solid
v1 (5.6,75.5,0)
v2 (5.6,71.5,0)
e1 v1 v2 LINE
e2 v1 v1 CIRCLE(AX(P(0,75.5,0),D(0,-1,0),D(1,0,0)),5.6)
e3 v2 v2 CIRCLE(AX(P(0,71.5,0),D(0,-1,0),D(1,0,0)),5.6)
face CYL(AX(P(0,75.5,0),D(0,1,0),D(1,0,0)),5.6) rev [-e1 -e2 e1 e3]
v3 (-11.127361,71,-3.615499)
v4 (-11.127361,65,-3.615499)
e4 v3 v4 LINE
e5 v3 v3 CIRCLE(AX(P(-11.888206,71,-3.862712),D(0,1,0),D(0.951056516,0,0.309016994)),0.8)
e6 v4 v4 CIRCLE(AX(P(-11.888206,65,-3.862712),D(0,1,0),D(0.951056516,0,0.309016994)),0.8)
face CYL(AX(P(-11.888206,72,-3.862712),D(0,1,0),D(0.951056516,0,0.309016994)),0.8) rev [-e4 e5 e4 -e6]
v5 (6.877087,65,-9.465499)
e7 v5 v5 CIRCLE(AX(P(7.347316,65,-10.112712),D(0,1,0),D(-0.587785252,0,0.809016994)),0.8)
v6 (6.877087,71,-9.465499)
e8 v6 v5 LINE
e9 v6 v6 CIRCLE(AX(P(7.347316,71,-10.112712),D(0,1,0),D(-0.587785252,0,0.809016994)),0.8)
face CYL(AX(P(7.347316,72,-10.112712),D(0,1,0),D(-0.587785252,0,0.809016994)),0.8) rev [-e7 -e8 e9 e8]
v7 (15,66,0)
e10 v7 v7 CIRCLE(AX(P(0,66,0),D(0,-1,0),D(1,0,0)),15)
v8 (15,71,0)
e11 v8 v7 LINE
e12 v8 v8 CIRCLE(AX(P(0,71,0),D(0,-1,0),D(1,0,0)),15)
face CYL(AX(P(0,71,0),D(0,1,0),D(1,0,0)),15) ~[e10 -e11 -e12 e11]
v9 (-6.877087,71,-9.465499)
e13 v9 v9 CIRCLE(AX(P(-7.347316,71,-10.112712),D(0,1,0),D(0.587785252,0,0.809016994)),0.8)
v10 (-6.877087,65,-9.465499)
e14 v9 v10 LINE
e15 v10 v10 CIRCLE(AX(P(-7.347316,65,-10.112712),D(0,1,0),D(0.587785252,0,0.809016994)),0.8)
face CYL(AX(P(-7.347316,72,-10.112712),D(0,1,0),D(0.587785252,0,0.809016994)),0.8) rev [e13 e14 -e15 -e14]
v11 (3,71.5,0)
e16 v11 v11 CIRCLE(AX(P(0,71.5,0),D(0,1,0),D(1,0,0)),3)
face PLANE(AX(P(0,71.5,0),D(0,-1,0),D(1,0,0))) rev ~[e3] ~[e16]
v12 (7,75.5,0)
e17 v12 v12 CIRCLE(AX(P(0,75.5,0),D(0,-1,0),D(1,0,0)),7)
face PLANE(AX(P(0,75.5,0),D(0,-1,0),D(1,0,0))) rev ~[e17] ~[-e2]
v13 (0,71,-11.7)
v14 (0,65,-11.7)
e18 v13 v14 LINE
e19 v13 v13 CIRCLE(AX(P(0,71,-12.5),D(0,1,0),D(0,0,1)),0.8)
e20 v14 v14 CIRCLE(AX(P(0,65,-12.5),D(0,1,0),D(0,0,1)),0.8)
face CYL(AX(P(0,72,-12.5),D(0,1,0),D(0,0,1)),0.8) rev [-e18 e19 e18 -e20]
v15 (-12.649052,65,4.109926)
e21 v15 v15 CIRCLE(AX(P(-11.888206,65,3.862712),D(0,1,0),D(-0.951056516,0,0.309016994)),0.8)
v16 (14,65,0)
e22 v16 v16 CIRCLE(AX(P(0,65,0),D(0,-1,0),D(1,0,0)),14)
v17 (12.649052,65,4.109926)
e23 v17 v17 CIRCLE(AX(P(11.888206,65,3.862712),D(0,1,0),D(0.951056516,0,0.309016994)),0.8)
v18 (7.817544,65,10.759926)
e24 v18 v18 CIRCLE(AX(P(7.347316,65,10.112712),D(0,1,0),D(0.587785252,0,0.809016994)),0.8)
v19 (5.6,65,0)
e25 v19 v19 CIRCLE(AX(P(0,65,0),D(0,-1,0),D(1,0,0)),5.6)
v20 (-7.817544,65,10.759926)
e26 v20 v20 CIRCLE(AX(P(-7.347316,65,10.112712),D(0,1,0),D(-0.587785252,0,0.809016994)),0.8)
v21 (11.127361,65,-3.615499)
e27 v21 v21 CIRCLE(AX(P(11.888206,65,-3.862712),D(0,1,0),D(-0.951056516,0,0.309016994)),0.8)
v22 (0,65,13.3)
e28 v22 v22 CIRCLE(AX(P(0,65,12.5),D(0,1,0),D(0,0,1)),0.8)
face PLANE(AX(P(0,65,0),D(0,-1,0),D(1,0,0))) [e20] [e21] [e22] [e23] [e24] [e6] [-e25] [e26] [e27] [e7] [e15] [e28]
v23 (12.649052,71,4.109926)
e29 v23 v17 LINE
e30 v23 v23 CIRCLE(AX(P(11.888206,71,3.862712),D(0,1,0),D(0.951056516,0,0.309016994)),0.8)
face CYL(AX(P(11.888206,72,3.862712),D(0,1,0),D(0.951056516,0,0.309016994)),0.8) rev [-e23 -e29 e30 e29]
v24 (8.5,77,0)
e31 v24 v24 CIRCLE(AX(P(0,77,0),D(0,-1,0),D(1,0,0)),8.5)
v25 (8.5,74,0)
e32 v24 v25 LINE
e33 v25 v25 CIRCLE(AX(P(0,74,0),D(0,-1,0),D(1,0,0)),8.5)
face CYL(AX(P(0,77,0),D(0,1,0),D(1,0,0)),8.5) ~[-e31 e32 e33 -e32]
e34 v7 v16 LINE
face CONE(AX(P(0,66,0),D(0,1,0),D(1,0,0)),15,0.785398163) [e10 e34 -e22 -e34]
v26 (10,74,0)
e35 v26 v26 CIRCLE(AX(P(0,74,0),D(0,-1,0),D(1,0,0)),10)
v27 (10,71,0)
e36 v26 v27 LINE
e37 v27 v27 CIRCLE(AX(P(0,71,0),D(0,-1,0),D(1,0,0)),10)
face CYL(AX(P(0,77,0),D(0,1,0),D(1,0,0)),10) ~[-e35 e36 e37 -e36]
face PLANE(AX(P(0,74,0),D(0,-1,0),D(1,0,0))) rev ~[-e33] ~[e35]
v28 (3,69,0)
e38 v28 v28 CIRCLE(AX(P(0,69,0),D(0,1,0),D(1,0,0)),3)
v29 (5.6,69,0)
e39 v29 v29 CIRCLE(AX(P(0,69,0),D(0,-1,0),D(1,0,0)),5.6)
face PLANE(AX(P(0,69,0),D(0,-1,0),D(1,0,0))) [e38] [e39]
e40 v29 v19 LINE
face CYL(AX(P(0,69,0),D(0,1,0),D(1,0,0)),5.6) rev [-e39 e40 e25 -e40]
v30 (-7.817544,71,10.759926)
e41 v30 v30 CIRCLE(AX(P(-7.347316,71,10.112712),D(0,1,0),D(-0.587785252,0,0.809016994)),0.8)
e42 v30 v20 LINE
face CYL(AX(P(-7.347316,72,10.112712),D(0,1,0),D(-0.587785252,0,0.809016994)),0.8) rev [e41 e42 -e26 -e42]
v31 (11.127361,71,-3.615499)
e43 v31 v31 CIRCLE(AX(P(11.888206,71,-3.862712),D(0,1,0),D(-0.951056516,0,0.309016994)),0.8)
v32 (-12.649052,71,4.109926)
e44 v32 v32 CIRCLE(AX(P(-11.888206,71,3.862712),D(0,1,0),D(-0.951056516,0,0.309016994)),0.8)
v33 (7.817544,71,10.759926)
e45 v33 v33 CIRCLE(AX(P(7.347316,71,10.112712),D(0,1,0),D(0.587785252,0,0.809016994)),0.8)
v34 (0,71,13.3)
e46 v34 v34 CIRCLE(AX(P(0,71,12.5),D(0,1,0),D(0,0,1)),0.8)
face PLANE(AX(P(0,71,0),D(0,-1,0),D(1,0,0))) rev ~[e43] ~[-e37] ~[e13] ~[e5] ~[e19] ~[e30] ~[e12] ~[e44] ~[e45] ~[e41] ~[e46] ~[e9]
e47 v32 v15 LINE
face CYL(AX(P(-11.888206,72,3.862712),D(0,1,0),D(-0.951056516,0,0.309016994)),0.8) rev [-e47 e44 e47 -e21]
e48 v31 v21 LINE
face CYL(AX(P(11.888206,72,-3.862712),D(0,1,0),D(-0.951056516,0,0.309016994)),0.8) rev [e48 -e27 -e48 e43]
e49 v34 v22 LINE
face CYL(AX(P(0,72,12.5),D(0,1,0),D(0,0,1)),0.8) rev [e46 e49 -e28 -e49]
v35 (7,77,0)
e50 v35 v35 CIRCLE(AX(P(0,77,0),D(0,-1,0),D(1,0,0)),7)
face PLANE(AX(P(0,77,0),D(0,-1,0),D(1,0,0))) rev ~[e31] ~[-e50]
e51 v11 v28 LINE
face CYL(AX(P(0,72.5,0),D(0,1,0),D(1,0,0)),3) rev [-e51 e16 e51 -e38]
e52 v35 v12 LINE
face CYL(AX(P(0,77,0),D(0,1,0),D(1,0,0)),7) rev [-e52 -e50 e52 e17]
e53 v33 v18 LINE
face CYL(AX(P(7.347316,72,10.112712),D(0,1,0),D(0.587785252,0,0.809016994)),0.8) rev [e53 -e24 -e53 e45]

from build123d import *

# Parameters (mm, degrees)
CYLINDER139_R              = 8.5
CYLINDER139_DEPTH          = 3
CYLINDER138_R              = 10
CYLINDER138_DEPTH          = 3
CYLINDER133_R              = 0.8
CYLINDER133_DEPTH          = 20
CYLINDER130_R              = 0.8
CYLINDER130_DEPTH          = 20
FUSION113_PLACEMENT_ANGLE  = 54
CYLINDER135_R              = 0.8
CYLINDER135_DEPTH          = 20
CYLINDER134_R              = 0.8
CYLINDER134_DEPTH          = 20
FUSION115_PLACEMENT_ANGLE  = 162
CYLINDER137_R              = 0.8
CYLINDER137_DEPTH          = 20
CYLINDER136_R              = 0.8
CYLINDER136_DEPTH          = 20
FUSION117_PLACEMENT_ANGLE  = 126
CYLINDER129_R              = 0.8
CYLINDER129_DEPTH          = 20
CYLINDER128_R              = 0.8
CYLINDER128_DEPTH          = 20
FUSION118_PLACEMENT_ANGLE  = 90
CYLINDER131_R              = 0.8
CYLINDER131_DEPTH          = 20
CYLINDER127_R              = 0.8
CYLINDER127_DEPTH          = 20
FUSION114_PLACEMENT_ANGLE  = 18
CYLINDER126_R              = 3
CYLINDER126_DEPTH          = 4
CYLINDER125_R              = 5.6
CYLINDER125_DEPTH          = 4
CYLINDER124_R              = 5.6
CYLINDER124_DEPTH          = 4
CYLINDER123_R              = 7
CYLINDER123_DEPTH          = 1.5
CYLINDER132_R              = 10
CYLINDER132_DEPTH          = 6
CYLINDER122_R              = 15
CYLINDER122_DEPTH          = 6
CHAMFER007_SIZE            = 1
CHAMFER007_PLACEMENT_ANGLE = 90


with BuildPart() as cylinder139:
    # Cylinder139 → Cylinder139 (new body)
    with BuildSketch(Plane.XY.offset(11)):
        Circle(CYLINDER139_R)
    extrude(amount=CYLINDER139_DEPTH)


with BuildPart() as cut043:
    # Cylinder138 → Cylinder138 (new body)
    with BuildSketch(Plane.XY.offset(11)):
        Circle(CYLINDER138_R)
    extrude(amount=CYLINDER138_DEPTH)

    # Cut043: cut Cylinder139
    add(cylinder139.part, mode=Mode.SUBTRACT)


with BuildPart() as cylinder133:
    # Cylinder133 → Cylinder133 (new body)
    with BuildSketch(Plane(origin=(-12.5, 0, 13), x_dir=(1, 0, 0), z_dir=(0, 0, 1))):
        Circle(CYLINDER133_R)
    extrude(amount=CYLINDER133_DEPTH)


with BuildPart() as fusion113:
    # Cylinder130 → Cylinder130 (new body)
    with BuildSketch(Plane(origin=(12.5, 0, 13), x_dir=(1, 0, 0), z_dir=(0, 0, 1))):
        Circle(CYLINDER130_R)
    extrude(amount=CYLINDER130_DEPTH)

    # Fusion113: union Cylinder133
    add(cylinder133.part)


with BuildPart() as fusion113_1:
    # Fusion113 placement: moved
    add(fusion113.part.rotate(Axis((0, 0, 0), (0, 0, 1)), FUSION113_PLACEMENT_ANGLE))


with BuildPart() as cylinder135:
    # Cylinder135 → Cylinder135 (new body)
    with BuildSketch(Plane(origin=(-12.5, 0, 13), x_dir=(1, 0, 0), z_dir=(0, 0, 1))):
        Circle(CYLINDER135_R)
    extrude(amount=CYLINDER135_DEPTH)


with BuildPart() as fusion115:
    # Cylinder134 → Cylinder134 (new body)
    with BuildSketch(Plane(origin=(12.5, 0, 13), x_dir=(1, 0, 0), z_dir=(0, 0, 1))):
        Circle(CYLINDER134_R)
    extrude(amount=CYLINDER134_DEPTH)

    # Fusion115: union Cylinder135
    add(cylinder135.part)


with BuildPart() as fusion115_1:
    # Fusion115 placement: moved
    add(fusion115.part.rotate(Axis((0, 0, 0), (0, 0, 1)), FUSION115_PLACEMENT_ANGLE))


with BuildPart() as cylinder137:
    # Cylinder137 → Cylinder137 (new body)
    with BuildSketch(Plane(origin=(-12.5, 0, 13), x_dir=(1, 0, 0), z_dir=(0, 0, 1))):
        Circle(CYLINDER137_R)
    extrude(amount=CYLINDER137_DEPTH)


with BuildPart() as fusion117:
    # Cylinder136 → Cylinder136 (new body)
    with BuildSketch(Plane(origin=(12.5, 0, 13), x_dir=(1, 0, 0), z_dir=(0, 0, 1))):
        Circle(CYLINDER136_R)
    extrude(amount=CYLINDER136_DEPTH)

    # Fusion117: union Cylinder137
    add(cylinder137.part)


with BuildPart() as fusion117_1:
    # Fusion117 placement: moved
    add(fusion117.part.rotate(Axis((0, 0, 0), (0, 0, 1)), FUSION117_PLACEMENT_ANGLE))


with BuildPart() as cylinder129:
    # Cylinder129 → Cylinder129 (new body)
    with BuildSketch(Plane(origin=(-12.5, 0, 13), x_dir=(1, 0, 0), z_dir=(0, 0, 1))):
        Circle(CYLINDER129_R)
    extrude(amount=CYLINDER129_DEPTH)


with BuildPart() as fusion118:
    # Cylinder128 → Cylinder128 (new body)
    with BuildSketch(Plane(origin=(12.5, 0, 13), x_dir=(1, 0, 0), z_dir=(0, 0, 1))):
        Circle(CYLINDER128_R)
    extrude(amount=CYLINDER128_DEPTH)

    # Fusion118: union Cylinder129
    add(cylinder129.part)


with BuildPart() as fusion118_1:
    # Fusion118 placement: moved
    add(fusion118.part.rotate(Axis((0, 0, 0), (0, 0, 1)), FUSION118_PLACEMENT_ANGLE))


with BuildPart() as cylinder131:
    # Cylinder131 → Cylinder131 (new body)
    with BuildSketch(Plane(origin=(-12.5, 0, 13), x_dir=(1, 0, 0), z_dir=(0, 0, 1))):
        Circle(CYLINDER131_R)
    extrude(amount=CYLINDER131_DEPTH)


with BuildPart() as fusion119:
    # Cylinder127 → Cylinder127 (new body)
    with BuildSketch(Plane(origin=(12.5, 0, 13), x_dir=(1, 0, 0), z_dir=(0, 0, 1))):
        Circle(CYLINDER127_R)
    extrude(amount=CYLINDER127_DEPTH)

    # Fusion114: union Cylinder131
    add(cylinder131.part)


with BuildPart() as fusion119_1:
    # Fusion114 placement: moved
    add(fusion119.part.rotate(Axis((0, 0, 0), (0, 0, 1)), FUSION114_PLACEMENT_ANGLE))

    # Fusion119: union Fusion113, Fusion115, Fusion117, Fusion118
    add(fusion113_1.part)
    add(fusion115_1.part)
    add(fusion117_1.part)
    add(fusion118_1.part)


with BuildPart() as fusion119_2:
    # Fusion119 placement: moved
    add(fusion119_1.part.moved(Location((0, 0, 3))))


with BuildPart() as cylinder126:
    # Cylinder126 → Cylinder126 (new body)
    with BuildSketch(Plane.XY.offset(3)):
        Circle(CYLINDER126_R)
    extrude(amount=CYLINDER126_DEPTH)


with BuildPart() as cylinder125:
    # Cylinder125 → Cylinder125 (new body)
    with BuildSketch(Plane.XY):
        Circle(CYLINDER125_R)
    extrude(amount=CYLINDER125_DEPTH)


with BuildPart() as fusion116:
    # Cylinder124 → Cylinder124 (new body)
    with BuildSketch(Plane.XY.offset(6.5)):
        Circle(CYLINDER124_R)
    extrude(amount=CYLINDER124_DEPTH)

    # Fusion116: union Cylinder126, Cylinder125
    add(cylinder126.part)
    add(cylinder125.part)


with BuildPart() as fusion116_1:
    # Fusion116 placement: moved
    add(fusion116.part.moved(Location((0, 0, 4.5))))


with BuildPart() as cylinder123:
    # Cylinder123 → Cylinder123 (new body)
    with BuildSketch(Plane.XY.offset(3)):
        Circle(CYLINDER123_R)
    extrude(amount=CYLINDER123_DEPTH)


with BuildPart() as cylinder132:
    # Cylinder132 → Cylinder132 (new body)
    with BuildSketch(Plane.XY.offset(3)):
        Circle(CYLINDER132_R)
    extrude(amount=CYLINDER132_DEPTH)


with BuildPart() as hub_wide_right:
    # Cylinder122 → Cylinder122 (new body)
    with BuildSketch(Plane.XY.offset(9)):
        Circle(CYLINDER122_R)
    extrude(amount=CYLINDER122_DEPTH)

    # Fusion120: union Cylinder132
    add(cylinder132.part)

    # Cut040: cut Cylinder123
    add(cylinder123.part, mode=Mode.SUBTRACT)

    # Cut041: cut Fusion116
    add(fusion116_1.part, mode=Mode.SUBTRACT)


with BuildPart() as hub_wide_right_1:
    # Cut041 placement: moved
    add(hub_wide_right.part.moved(Location((0, 0, 8))))

    # Cut042: cut Fusion119
    add(fusion119_2.part, mode=Mode.SUBTRACT)

    # Cut044: cut Cut043
    add(cut043.part, mode=Mode.SUBTRACT)

    # Chamfer007
    chamfer007_edges = [hub_wide_right_1.edges().sort_by_distance(p)[0] for p in [
        (-15, 0, 23),
    ]]
    chamfer(chamfer007_edges, length=CHAMFER007_SIZE)


with BuildPart() as hub_wide_right_2:
    # Chamfer007 placement: moved
    add(hub_wide_right_1.part.moved(Location((0, 88, 0))).rotate(Axis((0, 88, 0), (1, 0, 0)), CHAMFER007_PLACEMENT_ANGLE))


solid = hub_wide_right_2.part
